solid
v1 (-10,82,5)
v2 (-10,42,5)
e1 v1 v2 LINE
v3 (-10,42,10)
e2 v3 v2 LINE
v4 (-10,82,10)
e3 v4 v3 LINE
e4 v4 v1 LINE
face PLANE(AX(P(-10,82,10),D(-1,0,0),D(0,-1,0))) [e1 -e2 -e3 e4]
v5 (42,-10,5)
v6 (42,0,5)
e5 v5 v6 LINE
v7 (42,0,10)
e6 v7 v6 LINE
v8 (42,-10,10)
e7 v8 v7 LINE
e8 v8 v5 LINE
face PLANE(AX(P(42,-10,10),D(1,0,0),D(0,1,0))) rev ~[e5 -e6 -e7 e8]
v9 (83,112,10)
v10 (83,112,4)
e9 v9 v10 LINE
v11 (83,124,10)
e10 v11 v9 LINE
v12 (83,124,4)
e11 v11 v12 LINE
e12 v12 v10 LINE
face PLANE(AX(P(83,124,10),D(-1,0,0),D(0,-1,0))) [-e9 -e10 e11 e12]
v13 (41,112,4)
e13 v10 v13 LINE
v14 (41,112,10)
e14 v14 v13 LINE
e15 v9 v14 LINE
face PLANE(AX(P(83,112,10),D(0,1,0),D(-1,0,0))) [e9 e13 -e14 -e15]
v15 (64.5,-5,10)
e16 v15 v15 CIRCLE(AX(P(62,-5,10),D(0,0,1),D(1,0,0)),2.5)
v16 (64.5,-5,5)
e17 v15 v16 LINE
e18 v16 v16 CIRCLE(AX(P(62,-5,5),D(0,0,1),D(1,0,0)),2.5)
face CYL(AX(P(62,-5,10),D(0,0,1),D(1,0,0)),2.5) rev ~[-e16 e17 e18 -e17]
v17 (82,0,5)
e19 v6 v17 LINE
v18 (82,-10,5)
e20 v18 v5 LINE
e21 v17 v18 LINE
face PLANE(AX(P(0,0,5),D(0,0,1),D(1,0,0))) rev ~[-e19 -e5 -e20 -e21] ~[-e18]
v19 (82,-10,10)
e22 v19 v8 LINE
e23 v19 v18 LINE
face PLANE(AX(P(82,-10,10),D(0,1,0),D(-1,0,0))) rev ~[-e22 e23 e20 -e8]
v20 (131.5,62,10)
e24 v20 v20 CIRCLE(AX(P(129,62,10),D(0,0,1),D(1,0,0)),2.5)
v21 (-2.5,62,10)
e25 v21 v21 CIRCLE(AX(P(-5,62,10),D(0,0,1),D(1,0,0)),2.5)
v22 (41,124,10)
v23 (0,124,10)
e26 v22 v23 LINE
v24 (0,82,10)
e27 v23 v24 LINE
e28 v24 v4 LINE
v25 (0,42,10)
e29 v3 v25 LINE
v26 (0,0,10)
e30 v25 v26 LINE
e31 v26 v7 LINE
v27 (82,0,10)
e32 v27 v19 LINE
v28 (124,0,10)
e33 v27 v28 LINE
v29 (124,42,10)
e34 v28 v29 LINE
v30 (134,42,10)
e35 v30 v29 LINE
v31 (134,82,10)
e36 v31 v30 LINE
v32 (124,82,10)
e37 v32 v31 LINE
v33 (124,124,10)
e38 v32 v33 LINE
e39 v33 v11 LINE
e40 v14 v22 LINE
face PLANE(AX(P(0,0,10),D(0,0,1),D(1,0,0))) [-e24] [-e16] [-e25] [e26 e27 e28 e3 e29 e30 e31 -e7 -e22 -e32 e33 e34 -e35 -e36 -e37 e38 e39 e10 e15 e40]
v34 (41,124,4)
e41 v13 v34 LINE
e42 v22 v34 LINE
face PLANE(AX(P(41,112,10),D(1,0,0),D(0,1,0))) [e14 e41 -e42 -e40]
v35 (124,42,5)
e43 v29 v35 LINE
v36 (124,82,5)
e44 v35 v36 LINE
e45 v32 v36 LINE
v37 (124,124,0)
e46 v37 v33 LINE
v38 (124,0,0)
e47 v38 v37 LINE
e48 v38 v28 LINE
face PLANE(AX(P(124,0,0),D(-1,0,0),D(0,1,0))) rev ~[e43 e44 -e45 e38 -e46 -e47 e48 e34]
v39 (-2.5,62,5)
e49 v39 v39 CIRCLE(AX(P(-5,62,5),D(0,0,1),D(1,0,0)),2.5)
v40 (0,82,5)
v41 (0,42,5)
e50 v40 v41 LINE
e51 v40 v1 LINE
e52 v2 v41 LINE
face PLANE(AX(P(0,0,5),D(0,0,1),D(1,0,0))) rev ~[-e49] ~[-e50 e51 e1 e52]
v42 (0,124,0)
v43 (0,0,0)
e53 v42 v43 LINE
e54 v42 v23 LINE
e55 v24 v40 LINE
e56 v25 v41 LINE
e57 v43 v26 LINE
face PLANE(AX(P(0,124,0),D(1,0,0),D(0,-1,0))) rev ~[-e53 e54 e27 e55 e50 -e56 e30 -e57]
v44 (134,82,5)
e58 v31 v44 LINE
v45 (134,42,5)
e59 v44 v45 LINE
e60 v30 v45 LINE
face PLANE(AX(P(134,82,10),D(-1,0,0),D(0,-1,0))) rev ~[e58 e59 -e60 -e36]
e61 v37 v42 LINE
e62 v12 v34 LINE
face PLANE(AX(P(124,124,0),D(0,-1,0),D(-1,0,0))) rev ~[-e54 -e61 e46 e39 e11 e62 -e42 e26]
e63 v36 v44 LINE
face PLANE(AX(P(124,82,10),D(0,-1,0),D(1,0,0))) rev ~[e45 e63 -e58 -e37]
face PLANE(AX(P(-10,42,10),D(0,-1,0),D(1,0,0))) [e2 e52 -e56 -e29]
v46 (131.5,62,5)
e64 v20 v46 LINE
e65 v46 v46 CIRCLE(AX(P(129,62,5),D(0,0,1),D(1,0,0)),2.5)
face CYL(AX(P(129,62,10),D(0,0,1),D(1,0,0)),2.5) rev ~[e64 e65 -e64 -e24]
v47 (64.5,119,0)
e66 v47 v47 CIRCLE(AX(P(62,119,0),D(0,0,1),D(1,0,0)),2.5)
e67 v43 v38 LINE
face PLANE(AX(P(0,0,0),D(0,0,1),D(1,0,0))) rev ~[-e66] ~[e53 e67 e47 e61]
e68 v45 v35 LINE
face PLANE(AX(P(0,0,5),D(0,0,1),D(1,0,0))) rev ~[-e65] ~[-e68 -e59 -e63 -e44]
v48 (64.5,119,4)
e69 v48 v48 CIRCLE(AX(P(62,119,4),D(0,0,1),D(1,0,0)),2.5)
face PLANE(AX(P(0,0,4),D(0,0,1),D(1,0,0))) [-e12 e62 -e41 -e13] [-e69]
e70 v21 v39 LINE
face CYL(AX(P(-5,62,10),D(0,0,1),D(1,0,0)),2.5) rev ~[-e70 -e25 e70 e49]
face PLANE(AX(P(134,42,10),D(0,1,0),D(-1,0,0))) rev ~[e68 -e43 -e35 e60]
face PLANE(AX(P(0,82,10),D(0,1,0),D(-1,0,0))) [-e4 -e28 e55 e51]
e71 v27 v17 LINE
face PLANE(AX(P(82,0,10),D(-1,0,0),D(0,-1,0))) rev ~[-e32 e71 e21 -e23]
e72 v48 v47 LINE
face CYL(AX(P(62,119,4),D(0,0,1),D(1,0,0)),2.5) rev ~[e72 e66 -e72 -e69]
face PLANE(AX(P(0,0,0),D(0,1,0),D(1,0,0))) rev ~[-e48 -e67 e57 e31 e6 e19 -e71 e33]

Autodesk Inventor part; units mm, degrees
ref_plane "YZ Plane" through (0, 0, 0) normal (1, 0, 0) x (0, 1, 0)
ref_plane "XZ Plane" through (0, 0, 0) normal (0, 1, 0) x (-1, 0, 0)
ref_plane "XY Plane" through (0, 0, 0) normal (0, 0, 1) x (1, 0, 0)
sketch "Sketch1" plane through (0, 0, 0) normal (0, 0, 1) x (1, 0, 0)
  line L0 (0, 0) -> (124, 0)
  line L1 (124, 0) -> (124, 124)
  line L2 (124, 124) -> (0, 124)
  line L3 (0, 124) -> (0, 0)
  dimension "d0" = 124
  dimension "d1" = 124
extrude "Extrusion1" add sketch "Sketch1" along normal blind 10
sketch "Sketch2" plane through (0, 0, 10) normal (0, 0, 1) x (1, 0, 0)
  line L0 (0, 124) -> (0, 0) projected
  line L1 (0, 82) -> (-10, 82)
  line L2 (-10, 82) -> (-10, 42)
  line L3 (-10, 42) -> (0, 42)
  line L4 (0, 42) -> (0, 82)
  line L5 (0, 0) -> (124, 0) projected
  line L6 (42, 0) -> (82, 0)
  line L7 (82, 0) -> (82, -10)
  line L8 (82, -10) -> (42, -10)
  line L9 (42, -10) -> (42, 0)
  circle A0 centre (-5, 62) radius 2.5
  circle A1 centre (62, -5) radius 2.5
  point P0 (42, -5)
  point P1 (-10, 62)
  point P2 (-5, 82)
  point P3 (62, -10)
  point P4 (62, 0)
  point P5 (62, 0)
  point P6 (0, 62)
  dimension "d4" = 10
  dimension "d5" = 40
  dimension "d6" = 40
  dimension "d7" = 10
  dimension "d8" = 5
  dimension "d9" = 5
extrude "Extrusion2" add sketch "Sketch2" against normal blind 5
sketch "Sketch3" plane through (0, 0, 10) normal (0, 0, 1) x (1, 0, 0)
  line L0 (124, 124) -> (0, 124) projected
  line L1 (41, 124) -> (83, 124)
  line L2 (83, 124) -> (83, 112)
  line L3 (83, 112) -> (41, 112)
  line L4 (41, 112) -> (41, 124)
  point P0 (0, 0)
  point P1 (62, 112)
  point P2 (62, 124)
  dimension "d12" = 42
  dimension "d13" = 12
extrude "Extrusion3" cut sketch "Sketch3" against normal blind 6
sketch "Sketch4" plane through (0, 0, 4) normal (0, 0, 1) x (1, 0, 0)
  line L0 (41, 124) -> (83, 124) construction
  line L1 (41, 112) -> (41, 124) construction
  line L2 (83, 112) -> (41, 112) construction
  line L3 (83, 124) -> (83, 112) construction
  circle A0 centre (62, 119) radius 2.5
  point P0 (0, 0)
  point P1 (62, 124)
  dimension "d16" = 5
  dimension "d17" = 5
extrude "Extrusion4" cut sketch "Sketch4" against normal through all
sketch "Sketch5" plane through (0, 0, 10) normal (0, 0, 1) x (1, 0, 0)
  line L0 (124, 0) -> (124, 124) projected
  line L1 (124, 82) -> (134, 82)
  line L2 (134, 82) -> (134, 42)
  line L3 (134, 42) -> (124, 42)
  line L4 (124, 42) -> (124, 82)
  circle A0 centre (129, 62) radius 2.5
  point P0 (0, 0)
  point P1 (134, 62)
  point P2 (124, 62)
  point P3 (124, 62)
  point P4 (129, 82)
  dimension "d20" = 10
  dimension "d21" = 40
  dimension "d22" = 5
extrude "Extrusion5" add sketch "Sketch5" against normal blind 5
properties part number "TC006" material "ABS Plastic"
